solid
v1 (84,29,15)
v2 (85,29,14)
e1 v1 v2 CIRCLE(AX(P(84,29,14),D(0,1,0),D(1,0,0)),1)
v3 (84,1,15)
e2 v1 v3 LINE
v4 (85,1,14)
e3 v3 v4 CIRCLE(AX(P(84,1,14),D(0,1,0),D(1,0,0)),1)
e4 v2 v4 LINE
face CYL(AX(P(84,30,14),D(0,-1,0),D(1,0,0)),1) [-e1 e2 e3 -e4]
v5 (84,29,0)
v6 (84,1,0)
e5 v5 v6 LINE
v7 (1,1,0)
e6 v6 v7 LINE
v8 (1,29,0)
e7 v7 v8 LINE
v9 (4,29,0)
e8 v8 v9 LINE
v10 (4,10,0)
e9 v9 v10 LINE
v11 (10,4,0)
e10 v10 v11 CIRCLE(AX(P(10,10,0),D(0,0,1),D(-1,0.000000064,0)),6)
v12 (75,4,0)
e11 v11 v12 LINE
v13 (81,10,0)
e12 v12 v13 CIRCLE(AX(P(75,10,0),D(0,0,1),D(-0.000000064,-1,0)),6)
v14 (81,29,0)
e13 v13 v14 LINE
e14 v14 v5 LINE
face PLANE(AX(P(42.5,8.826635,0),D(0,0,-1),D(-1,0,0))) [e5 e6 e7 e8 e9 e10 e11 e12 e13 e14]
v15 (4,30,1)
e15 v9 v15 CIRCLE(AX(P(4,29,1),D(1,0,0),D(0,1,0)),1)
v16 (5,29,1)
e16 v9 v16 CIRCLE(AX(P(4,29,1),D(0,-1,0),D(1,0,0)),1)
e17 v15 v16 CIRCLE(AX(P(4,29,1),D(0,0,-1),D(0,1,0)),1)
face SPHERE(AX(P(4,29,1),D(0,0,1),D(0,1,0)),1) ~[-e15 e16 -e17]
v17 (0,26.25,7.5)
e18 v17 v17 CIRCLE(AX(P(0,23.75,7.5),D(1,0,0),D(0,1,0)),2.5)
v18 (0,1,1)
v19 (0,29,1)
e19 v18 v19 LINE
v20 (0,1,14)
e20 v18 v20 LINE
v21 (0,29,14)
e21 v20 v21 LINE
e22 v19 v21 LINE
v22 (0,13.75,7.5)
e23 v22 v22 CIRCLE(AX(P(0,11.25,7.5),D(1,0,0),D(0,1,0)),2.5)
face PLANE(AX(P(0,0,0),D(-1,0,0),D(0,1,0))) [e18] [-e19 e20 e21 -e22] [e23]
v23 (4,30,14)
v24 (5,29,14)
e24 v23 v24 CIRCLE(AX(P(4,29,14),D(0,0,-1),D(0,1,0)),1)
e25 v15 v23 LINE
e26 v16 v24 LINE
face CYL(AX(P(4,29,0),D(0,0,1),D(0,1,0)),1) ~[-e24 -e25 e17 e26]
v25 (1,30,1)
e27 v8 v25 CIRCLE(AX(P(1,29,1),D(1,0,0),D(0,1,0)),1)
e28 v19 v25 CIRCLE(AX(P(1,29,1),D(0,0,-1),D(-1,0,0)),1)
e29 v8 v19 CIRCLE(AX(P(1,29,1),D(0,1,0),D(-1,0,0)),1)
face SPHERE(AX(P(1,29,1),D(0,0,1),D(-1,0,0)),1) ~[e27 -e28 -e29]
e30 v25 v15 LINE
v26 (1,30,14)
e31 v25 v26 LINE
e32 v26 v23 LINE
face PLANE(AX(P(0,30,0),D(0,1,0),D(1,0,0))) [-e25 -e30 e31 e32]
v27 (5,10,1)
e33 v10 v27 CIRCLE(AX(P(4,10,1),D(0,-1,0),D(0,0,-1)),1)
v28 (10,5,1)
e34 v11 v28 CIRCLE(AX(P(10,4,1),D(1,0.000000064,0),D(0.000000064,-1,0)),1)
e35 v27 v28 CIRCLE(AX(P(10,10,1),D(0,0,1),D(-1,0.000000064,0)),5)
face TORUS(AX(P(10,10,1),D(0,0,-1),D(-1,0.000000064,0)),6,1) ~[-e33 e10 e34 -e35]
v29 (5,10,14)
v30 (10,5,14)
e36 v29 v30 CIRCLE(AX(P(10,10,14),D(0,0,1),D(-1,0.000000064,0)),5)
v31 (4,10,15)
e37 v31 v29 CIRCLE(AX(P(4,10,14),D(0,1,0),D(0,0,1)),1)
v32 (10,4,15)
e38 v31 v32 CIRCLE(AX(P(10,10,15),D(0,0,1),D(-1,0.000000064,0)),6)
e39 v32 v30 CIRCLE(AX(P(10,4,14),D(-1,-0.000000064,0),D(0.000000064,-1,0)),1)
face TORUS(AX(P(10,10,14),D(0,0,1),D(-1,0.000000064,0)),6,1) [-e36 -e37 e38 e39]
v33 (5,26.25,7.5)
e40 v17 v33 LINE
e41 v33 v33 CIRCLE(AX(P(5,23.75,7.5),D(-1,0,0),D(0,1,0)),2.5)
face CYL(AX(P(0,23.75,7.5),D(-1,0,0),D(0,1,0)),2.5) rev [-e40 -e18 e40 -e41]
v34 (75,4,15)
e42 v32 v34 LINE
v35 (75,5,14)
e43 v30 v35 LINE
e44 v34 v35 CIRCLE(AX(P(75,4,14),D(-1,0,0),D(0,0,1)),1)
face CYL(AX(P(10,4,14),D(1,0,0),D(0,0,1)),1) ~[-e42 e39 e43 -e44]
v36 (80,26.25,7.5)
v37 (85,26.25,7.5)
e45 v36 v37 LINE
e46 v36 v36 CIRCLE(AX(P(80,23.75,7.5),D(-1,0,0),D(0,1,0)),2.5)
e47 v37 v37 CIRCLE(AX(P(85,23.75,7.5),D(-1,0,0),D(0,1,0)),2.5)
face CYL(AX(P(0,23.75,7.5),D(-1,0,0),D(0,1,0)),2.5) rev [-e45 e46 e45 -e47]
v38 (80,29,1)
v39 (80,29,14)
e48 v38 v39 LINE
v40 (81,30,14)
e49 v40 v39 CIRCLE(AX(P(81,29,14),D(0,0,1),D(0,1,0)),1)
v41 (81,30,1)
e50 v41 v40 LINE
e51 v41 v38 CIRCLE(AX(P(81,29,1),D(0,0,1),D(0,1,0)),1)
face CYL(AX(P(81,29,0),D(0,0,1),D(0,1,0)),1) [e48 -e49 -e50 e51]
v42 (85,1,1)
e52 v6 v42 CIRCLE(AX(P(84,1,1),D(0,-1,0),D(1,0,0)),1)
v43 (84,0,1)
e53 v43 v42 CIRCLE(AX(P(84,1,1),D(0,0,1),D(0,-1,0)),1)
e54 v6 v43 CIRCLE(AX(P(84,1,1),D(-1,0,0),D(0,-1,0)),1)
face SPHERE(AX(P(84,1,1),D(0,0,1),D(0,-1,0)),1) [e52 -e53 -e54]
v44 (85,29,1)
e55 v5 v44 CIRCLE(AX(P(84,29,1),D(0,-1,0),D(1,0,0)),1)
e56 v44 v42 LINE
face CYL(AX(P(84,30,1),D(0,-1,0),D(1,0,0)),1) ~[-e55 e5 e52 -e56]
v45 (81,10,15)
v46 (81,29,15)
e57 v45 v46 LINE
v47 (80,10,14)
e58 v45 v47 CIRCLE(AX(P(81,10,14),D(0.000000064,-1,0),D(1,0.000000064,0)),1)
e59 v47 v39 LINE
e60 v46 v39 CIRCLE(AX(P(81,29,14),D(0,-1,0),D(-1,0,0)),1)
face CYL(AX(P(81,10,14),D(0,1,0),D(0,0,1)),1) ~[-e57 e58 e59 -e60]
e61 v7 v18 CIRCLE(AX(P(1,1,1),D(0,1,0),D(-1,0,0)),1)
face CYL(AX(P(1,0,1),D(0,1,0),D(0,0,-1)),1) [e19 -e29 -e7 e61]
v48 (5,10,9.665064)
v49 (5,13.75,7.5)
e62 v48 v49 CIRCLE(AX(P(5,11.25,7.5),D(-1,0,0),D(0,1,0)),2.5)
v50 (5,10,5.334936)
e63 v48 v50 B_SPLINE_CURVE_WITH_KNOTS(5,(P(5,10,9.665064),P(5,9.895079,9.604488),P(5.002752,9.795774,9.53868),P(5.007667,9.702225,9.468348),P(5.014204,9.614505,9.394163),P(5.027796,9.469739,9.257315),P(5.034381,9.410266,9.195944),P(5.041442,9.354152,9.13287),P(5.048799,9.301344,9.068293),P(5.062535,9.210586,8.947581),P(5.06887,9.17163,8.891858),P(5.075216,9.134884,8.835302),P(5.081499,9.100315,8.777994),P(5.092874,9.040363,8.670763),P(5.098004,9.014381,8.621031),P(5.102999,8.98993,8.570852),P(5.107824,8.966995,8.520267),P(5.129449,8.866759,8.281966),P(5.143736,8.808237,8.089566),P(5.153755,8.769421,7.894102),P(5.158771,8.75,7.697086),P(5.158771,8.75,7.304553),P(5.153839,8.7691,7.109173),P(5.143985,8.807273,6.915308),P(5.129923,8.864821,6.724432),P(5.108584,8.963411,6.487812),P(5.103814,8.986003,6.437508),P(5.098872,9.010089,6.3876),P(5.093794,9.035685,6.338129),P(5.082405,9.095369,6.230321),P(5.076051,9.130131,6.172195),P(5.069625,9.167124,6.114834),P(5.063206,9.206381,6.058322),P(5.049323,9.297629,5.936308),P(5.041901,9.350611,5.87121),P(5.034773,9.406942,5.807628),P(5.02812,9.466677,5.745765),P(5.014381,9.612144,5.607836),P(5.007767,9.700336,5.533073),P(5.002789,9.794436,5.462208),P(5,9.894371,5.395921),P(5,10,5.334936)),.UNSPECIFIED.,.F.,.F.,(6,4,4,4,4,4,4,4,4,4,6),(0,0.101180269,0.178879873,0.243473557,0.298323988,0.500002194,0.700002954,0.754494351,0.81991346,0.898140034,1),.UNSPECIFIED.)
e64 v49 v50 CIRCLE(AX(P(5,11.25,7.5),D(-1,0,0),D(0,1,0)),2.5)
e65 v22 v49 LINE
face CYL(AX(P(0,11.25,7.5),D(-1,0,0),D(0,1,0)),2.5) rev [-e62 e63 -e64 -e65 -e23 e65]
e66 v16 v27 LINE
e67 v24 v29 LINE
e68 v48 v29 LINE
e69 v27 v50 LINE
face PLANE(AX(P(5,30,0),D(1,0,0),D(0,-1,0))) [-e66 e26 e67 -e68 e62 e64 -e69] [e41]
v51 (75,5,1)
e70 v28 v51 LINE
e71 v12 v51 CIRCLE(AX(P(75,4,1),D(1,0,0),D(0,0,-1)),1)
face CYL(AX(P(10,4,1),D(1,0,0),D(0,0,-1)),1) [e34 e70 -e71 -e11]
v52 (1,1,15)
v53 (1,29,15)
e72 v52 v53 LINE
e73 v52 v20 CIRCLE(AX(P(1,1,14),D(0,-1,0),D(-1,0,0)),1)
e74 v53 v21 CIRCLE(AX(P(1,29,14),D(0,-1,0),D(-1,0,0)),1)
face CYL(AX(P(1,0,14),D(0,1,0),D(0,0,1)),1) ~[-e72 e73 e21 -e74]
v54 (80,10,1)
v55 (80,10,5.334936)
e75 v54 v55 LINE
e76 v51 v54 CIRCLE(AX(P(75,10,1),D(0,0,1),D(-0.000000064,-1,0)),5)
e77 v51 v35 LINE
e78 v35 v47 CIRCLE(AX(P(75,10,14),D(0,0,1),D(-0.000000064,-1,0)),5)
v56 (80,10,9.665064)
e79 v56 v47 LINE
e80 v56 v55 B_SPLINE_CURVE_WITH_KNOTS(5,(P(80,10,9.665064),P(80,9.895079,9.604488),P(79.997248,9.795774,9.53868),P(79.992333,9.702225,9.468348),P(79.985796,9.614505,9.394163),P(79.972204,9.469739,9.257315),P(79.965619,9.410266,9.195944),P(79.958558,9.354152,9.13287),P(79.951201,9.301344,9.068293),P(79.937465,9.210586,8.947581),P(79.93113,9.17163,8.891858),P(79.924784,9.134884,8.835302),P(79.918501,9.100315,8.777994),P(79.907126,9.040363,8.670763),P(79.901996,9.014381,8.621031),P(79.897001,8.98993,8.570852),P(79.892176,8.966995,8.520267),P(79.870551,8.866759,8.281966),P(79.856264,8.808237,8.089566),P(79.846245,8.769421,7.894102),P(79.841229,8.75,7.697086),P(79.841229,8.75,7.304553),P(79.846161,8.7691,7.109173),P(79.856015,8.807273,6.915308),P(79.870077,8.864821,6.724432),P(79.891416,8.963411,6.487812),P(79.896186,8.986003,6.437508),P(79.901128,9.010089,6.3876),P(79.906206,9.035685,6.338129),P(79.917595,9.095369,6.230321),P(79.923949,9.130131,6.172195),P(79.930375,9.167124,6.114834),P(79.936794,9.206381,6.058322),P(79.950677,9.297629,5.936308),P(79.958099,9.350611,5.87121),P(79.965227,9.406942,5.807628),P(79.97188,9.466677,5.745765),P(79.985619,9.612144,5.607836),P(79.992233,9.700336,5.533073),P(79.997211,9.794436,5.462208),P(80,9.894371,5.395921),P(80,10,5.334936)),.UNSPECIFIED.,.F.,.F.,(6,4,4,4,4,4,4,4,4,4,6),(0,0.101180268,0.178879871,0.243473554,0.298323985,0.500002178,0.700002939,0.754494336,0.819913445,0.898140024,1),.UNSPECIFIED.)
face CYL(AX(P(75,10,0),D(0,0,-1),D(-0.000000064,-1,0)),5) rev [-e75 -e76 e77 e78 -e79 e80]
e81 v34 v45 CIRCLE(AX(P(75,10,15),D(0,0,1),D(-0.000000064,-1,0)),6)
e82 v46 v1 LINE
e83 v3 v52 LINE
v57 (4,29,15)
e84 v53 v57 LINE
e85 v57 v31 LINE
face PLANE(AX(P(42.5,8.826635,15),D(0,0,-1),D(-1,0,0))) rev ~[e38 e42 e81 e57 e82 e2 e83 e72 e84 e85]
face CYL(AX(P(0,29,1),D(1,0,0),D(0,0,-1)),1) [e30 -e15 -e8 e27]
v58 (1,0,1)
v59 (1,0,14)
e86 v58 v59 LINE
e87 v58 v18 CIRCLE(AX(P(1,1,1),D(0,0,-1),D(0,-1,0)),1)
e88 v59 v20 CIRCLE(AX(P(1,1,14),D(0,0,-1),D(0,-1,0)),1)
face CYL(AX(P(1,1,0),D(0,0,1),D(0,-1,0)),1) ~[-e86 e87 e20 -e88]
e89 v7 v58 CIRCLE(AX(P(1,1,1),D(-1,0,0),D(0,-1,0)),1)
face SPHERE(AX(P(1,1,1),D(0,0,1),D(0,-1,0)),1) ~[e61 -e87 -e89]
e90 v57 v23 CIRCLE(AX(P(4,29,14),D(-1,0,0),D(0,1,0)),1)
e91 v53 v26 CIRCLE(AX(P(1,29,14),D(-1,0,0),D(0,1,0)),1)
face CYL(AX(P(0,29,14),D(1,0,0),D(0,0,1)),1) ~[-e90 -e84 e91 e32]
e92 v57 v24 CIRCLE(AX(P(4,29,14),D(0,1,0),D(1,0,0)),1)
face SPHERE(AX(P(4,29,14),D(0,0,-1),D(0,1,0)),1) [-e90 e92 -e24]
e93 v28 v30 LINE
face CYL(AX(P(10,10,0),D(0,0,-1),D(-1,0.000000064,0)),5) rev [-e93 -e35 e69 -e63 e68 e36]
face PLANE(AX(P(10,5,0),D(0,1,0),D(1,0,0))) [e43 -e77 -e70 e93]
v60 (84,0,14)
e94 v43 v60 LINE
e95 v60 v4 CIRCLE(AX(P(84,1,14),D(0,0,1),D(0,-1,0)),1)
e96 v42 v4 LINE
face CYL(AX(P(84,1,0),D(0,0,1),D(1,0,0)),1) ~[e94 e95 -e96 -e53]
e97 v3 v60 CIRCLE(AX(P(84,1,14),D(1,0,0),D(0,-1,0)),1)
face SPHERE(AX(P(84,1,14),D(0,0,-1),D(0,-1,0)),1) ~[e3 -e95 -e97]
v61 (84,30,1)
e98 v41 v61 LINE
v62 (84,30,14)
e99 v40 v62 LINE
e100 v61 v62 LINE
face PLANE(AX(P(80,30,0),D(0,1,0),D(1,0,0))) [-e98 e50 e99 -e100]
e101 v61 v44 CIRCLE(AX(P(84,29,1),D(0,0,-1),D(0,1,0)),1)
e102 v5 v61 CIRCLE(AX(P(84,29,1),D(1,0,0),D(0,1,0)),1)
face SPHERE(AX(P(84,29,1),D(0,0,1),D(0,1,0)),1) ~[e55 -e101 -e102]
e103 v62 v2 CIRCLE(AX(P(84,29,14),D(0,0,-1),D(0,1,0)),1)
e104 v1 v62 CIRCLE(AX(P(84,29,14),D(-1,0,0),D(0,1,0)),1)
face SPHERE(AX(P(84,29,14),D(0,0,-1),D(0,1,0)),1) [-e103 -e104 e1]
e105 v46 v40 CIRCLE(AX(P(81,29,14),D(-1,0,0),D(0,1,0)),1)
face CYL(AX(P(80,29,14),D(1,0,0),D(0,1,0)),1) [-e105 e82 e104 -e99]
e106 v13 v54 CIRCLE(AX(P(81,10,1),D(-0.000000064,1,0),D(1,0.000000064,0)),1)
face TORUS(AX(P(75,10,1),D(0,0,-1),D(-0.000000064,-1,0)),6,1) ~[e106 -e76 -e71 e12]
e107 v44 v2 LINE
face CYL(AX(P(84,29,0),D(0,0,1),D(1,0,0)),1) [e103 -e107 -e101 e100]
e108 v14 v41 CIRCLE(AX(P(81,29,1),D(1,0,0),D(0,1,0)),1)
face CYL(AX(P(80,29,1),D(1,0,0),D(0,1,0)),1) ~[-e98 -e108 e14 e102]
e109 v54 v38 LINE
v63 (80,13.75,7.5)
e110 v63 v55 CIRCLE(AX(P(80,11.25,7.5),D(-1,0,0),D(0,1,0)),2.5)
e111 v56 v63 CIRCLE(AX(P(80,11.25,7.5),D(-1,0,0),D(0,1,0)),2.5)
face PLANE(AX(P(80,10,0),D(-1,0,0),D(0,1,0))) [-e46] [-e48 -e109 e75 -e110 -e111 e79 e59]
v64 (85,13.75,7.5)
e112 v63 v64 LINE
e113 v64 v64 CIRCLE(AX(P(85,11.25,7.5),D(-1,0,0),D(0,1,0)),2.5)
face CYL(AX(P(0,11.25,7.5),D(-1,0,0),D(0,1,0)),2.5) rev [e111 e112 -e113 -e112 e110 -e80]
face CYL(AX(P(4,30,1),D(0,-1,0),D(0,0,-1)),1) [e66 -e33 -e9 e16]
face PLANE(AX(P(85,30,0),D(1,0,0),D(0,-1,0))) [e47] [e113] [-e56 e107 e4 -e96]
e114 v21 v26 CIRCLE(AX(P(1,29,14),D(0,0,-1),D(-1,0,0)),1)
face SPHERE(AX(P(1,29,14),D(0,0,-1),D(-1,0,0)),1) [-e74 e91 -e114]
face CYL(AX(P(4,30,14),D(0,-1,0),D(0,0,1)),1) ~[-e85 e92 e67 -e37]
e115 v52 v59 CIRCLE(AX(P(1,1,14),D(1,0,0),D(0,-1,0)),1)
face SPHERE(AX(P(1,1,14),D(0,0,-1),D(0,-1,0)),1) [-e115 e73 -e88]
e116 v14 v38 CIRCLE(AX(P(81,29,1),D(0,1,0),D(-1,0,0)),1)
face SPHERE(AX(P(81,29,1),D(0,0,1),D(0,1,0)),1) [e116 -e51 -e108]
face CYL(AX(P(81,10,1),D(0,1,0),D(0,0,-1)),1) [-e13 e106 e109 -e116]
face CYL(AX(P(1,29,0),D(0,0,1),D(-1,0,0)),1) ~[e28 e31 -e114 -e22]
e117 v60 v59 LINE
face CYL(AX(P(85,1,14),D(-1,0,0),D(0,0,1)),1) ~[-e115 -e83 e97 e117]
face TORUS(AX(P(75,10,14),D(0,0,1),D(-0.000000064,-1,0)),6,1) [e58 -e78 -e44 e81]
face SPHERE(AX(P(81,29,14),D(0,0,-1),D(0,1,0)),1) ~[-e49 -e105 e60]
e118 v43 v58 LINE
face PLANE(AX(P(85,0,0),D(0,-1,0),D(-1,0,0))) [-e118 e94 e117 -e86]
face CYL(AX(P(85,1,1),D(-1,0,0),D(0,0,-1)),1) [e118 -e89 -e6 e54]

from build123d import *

# Parameters (mm, degrees)
PAD_DEPTH         = 15
SKETCH001_R       = 2.5
POCKET_DEPTH      = 0.001
POCKET_DEPTH_BACK = -85.001
FILLET_R          = 1


with BuildPart() as part:
    # Sketch → Pad (new body)
    with BuildSketch(Plane.XY):
        with BuildLine():
            Line((85, 30), (85, 0))
            Line((85, 0), (0, 0))
            Line((0, 0), (0, 30))
            Line((0, 30), (5, 30))
            Line((5, 30), (5, 10))
            ThreePointArc((5, 10), (6.464466, 6.464466), (10, 5))
            Line((10, 5), (75, 5))
            ThreePointArc((75, 5), (78.535534, 6.464466), (80, 10))
            Line((80, 10), (80, 30))
            Line((80, 30), (85, 30))
        make_face()
    extrude(amount=PAD_DEPTH)

    # Sketch001 → Pocket (cut, two sides)
    with BuildSketch(Plane.YZ) as pocket_sk:
        with Locations((11.25, 7.5)):
            Circle(SKETCH001_R)
        with Locations((23.75, 7.5)):
            Circle(SKETCH001_R)
    extrude(amount=-POCKET_DEPTH, mode=Mode.SUBTRACT)
    extrude(pocket_sk.sketch, amount=-POCKET_DEPTH_BACK, mode=Mode.SUBTRACT)

    # Fillet
    fillet_edges = [part.edges().sort_by_distance(p)[0] for p in [
        (85, 30, 7.5),
        (80, 30, 7.5),
        (82.5, 30, 0),
        (82.5, 30, 15),
        (85, 0, 7.5),
        (5, 30, 7.5),
        (0, 30, 7.5),
        (0, 0, 7.5),
        (42.5, 0, 15),
        (42.5, 0, 0),
        (85, 15, 15),
        (0, 15, 15),
        (2.5, 30, 15),
        (5, 20, 15),
        (6.464466, 6.464466, 15),
        (42.5, 5, 15),
        (78.535534, 6.464466, 15),
        (80, 20, 15),
        (85, 15, 0),
        (0, 15, 0),
        (2.5, 30, 0),
        (5, 20, 0),
        (6.464466, 6.464466, 0),
        (42.5, 5, 0),
        (78.535534, 6.464466, 0),
        (80, 20, 0),
    ]]
    fillet(fillet_edges, radius=FILLET_R)


solid = part.part
